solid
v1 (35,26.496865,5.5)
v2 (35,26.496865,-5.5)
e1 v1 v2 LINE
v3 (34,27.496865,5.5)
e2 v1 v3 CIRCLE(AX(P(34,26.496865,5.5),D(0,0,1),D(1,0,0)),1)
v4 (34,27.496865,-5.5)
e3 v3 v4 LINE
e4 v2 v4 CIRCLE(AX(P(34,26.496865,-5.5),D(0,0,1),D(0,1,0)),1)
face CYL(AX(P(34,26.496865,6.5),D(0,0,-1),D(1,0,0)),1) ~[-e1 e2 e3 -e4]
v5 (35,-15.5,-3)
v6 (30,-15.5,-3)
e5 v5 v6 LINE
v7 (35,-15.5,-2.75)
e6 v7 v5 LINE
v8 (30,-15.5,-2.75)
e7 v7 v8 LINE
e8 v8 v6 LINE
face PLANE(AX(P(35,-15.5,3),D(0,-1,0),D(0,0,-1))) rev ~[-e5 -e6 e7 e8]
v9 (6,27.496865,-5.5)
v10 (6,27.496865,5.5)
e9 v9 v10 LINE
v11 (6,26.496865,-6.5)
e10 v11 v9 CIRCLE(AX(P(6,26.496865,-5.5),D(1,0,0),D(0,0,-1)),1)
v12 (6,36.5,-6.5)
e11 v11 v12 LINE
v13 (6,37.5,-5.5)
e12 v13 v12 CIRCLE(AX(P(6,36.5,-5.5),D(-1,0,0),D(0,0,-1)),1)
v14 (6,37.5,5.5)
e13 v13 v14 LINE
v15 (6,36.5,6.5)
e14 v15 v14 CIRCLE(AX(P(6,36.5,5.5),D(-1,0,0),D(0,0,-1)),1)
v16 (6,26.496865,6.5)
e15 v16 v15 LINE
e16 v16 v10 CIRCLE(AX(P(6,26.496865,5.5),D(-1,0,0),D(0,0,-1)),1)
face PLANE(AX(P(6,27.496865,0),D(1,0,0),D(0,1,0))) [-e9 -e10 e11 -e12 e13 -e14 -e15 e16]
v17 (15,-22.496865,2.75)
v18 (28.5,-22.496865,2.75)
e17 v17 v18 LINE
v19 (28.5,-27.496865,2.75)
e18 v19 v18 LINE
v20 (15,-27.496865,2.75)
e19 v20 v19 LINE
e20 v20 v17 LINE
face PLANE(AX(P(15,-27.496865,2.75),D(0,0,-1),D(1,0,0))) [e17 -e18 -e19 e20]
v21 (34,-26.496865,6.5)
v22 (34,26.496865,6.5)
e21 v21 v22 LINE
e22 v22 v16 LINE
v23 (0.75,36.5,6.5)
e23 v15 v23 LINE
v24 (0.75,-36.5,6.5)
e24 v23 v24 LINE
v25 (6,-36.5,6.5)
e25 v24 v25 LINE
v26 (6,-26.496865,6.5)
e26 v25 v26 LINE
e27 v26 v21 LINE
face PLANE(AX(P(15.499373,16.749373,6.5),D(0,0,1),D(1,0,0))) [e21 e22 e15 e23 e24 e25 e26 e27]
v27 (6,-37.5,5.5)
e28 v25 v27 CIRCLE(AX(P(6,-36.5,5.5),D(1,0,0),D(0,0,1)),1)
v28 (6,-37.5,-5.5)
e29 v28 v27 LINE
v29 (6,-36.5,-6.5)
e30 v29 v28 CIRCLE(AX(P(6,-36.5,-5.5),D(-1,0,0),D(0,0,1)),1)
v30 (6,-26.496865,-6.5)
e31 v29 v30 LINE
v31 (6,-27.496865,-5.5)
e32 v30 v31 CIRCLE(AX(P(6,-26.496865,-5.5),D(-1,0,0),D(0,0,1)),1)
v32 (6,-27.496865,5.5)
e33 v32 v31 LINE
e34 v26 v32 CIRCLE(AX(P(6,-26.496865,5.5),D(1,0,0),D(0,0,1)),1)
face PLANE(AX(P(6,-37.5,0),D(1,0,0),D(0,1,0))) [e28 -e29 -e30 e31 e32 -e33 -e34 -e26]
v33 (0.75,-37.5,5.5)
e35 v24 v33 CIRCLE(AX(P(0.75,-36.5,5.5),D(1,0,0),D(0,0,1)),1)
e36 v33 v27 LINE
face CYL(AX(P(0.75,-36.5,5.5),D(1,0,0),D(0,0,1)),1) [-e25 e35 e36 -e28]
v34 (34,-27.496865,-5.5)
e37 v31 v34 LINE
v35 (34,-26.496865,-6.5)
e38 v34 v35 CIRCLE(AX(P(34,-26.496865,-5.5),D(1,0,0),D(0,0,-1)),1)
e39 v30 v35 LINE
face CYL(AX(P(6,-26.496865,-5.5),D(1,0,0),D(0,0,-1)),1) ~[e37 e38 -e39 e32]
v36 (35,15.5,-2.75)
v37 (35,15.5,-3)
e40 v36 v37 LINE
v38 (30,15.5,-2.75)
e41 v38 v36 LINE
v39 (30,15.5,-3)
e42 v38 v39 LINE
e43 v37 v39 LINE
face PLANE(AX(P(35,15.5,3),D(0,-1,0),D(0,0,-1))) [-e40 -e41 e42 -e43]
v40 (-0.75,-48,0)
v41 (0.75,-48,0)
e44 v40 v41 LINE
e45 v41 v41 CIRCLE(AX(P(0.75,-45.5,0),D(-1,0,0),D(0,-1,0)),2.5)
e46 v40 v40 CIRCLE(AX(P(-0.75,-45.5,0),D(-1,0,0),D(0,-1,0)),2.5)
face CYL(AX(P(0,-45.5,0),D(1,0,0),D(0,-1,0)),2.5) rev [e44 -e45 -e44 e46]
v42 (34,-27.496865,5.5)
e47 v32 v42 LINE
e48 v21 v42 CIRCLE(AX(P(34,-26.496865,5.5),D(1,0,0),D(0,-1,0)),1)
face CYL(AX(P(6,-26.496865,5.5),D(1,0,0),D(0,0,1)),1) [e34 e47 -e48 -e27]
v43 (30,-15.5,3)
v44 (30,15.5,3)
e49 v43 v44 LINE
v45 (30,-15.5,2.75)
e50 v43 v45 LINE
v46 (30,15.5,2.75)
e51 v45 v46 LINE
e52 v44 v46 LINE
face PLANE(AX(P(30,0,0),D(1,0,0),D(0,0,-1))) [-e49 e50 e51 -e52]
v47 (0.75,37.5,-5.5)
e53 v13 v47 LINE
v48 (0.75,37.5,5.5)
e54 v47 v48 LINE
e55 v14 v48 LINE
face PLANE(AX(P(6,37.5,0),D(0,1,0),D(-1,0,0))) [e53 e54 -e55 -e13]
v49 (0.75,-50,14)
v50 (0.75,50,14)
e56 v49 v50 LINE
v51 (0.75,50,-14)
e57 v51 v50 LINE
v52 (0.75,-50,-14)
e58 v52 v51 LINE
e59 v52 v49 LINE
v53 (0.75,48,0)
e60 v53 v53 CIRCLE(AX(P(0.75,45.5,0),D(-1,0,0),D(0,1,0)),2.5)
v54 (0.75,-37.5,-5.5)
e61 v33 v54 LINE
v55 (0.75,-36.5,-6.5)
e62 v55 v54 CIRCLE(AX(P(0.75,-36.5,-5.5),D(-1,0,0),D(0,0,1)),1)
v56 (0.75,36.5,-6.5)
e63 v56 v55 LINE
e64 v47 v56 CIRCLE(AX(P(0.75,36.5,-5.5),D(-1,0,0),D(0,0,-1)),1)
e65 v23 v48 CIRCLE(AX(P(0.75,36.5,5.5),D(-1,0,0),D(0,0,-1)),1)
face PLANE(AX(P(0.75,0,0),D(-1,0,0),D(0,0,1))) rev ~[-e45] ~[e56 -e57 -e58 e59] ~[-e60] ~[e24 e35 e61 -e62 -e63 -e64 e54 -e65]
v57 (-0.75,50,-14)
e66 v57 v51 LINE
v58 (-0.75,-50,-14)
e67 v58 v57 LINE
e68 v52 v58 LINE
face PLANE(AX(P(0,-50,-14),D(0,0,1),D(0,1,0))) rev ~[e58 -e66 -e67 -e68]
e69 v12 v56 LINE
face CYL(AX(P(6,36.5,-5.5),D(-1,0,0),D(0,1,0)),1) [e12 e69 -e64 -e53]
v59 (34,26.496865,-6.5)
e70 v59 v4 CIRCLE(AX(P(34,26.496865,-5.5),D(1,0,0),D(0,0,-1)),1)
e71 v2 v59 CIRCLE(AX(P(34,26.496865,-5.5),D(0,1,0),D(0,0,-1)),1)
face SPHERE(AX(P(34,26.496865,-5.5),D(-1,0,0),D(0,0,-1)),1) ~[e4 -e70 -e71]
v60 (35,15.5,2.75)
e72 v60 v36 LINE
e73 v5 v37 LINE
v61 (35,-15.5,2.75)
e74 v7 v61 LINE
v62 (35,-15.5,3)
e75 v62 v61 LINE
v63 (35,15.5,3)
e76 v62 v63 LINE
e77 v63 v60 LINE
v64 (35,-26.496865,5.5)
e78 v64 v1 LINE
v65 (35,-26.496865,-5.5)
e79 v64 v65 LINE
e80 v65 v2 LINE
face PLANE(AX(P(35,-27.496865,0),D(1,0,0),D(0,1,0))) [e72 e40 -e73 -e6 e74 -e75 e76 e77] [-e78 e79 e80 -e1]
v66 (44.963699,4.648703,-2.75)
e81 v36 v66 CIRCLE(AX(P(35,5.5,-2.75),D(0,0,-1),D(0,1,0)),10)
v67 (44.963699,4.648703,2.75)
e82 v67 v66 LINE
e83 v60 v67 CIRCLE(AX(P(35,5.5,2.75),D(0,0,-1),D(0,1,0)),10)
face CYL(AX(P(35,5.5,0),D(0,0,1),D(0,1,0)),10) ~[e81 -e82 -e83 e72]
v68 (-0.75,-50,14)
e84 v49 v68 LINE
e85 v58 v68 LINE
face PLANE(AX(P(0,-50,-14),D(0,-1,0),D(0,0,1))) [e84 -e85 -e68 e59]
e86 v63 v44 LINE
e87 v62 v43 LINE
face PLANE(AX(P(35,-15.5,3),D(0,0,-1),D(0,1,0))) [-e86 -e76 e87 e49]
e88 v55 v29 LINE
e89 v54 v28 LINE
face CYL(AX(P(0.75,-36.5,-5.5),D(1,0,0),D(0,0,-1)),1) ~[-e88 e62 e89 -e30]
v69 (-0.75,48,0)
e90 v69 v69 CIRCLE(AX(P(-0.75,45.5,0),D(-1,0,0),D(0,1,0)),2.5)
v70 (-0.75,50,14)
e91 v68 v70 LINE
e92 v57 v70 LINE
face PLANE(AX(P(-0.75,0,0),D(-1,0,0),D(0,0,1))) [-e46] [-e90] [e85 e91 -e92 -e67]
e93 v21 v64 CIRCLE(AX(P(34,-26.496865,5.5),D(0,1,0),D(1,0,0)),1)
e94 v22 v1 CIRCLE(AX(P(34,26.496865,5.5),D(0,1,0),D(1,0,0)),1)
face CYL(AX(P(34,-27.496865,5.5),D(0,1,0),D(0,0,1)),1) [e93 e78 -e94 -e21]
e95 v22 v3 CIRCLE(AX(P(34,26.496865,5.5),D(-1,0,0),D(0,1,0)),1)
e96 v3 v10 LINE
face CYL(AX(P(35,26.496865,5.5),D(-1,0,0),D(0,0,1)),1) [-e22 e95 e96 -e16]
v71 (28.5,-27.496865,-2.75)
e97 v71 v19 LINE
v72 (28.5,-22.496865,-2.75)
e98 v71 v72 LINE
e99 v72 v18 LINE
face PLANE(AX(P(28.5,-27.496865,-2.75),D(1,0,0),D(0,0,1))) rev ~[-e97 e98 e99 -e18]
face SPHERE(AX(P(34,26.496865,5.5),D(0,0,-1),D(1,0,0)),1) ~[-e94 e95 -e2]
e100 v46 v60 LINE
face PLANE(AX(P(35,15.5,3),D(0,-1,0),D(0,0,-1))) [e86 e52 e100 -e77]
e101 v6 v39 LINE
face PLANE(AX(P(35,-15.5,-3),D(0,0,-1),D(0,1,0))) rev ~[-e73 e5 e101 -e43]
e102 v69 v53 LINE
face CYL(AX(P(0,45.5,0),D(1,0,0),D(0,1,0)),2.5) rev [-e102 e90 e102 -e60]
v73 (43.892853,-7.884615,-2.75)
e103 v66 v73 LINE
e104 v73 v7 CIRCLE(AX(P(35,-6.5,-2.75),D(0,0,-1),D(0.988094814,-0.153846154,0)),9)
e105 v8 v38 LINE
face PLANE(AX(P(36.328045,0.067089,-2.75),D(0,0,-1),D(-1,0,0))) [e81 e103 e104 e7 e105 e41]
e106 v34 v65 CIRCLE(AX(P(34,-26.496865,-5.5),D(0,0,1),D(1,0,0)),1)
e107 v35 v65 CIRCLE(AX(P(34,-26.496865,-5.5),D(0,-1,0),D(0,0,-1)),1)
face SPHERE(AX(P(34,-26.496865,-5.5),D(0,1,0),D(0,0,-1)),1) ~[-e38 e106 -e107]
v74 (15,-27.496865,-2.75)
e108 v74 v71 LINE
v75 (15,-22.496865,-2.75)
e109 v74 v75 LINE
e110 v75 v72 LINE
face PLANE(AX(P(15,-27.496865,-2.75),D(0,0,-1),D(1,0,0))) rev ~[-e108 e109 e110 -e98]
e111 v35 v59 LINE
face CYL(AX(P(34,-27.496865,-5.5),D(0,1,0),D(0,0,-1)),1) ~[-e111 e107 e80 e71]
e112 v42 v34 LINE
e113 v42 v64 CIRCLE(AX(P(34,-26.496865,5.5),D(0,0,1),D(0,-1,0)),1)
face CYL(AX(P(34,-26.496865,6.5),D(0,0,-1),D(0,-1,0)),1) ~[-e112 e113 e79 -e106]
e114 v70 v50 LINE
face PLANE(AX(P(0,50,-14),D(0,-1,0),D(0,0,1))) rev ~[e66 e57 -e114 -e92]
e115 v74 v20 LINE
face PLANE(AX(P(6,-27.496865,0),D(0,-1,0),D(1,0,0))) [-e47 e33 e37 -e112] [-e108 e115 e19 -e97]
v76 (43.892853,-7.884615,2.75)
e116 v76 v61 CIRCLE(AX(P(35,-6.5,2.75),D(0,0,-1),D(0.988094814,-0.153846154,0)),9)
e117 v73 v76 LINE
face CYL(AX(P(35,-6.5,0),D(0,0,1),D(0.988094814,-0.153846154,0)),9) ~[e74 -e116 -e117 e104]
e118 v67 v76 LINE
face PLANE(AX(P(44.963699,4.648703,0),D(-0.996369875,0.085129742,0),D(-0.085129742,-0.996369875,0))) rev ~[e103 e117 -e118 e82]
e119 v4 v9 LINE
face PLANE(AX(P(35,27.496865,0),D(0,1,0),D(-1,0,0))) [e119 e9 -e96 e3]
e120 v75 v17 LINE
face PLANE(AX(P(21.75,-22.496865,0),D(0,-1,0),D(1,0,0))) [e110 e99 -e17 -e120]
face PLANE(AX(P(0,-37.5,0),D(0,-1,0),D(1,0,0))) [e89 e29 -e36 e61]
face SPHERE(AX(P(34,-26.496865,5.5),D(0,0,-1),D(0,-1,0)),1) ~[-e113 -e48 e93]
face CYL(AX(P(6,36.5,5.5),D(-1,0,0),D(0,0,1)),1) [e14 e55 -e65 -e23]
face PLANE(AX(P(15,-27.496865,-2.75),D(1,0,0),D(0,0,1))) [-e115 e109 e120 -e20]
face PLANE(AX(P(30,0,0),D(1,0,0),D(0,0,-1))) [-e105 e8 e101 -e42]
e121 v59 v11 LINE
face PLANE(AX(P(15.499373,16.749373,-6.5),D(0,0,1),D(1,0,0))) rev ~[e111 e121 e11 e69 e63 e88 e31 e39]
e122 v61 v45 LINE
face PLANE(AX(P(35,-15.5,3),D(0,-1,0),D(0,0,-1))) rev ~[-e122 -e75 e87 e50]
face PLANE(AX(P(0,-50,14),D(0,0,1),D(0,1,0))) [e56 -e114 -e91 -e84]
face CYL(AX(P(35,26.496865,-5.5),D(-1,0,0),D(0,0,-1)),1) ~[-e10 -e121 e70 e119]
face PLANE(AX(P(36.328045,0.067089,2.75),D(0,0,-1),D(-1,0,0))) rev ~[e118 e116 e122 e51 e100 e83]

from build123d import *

# Parameters (mm, degrees)
EXTRUDE_1_DEPTH     = 6.5
SKETCH_2_W          = 28
SKETCH_2_H          = 100
SKETCH_2_R          = 2.5
EXTRUDE_2_DEPTH     = 0.75
SKETCH_3_W          = 6
SKETCH_3_H          = 31
CUT_EXTRUDE_1_DEPTH = 5
SKETCH_4_W          = 13.5
SKETCH_4_H          = 5.5
CUT_EXTRUDE_2_DEPTH = 5
EXTRUDE_3_DEPTH     = 2.75
FILLET_1_R          = 1
FILLET_2_R          = 1


with BuildPart() as part:
    # 草图1 → 凸台-拉伸1 (new, symmetric)
    with BuildSketch(Plane.XY):
        Polygon((0, 1.01114255), (0, 0), (35, 0), (35, 27.496864511), (6, 27.496864511), (6, 37.5), (0, 37.5), align=None)
        Polygon((35, 0), (0, 0), (0, -1.01114255), (0, -37.5), (6, -37.5), (6, -27.496864511), (35, -27.496864511), align=None)
    extrude(amount=EXTRUDE_1_DEPTH, both=True)

    # 草图2 → 凸台-拉伸2 (add, symmetric)
    with BuildSketch(Plane.ZY):
        Rectangle(SKETCH_2_W, SKETCH_2_H)
        with Locations(Location((0, -45.5, 0), (0, 0, 270))):
            Circle(SKETCH_2_R, mode=Mode.SUBTRACT)
        with Locations(Location((0, 45.5, 0), (0, 0, 90))):
            Circle(SKETCH_2_R, mode=Mode.SUBTRACT)
    extrude(amount=EXTRUDE_2_DEPTH, both=True)

    # 草图3 → 切除-拉伸1 (cut)
    with BuildSketch(Plane(origin=(35, 0, 0), x_dir=(0, 0, -1), z_dir=(1, 0, 0))):
        Rectangle(SKETCH_3_W, SKETCH_3_H)
    extrude(amount=-CUT_EXTRUDE_1_DEPTH, mode=Mode.SUBTRACT)

    # 草图4 → 切除-拉伸2 (cut)
    with BuildSketch(Plane.XZ.offset(27.496864511)):
        with Locations((21.75, 0)):
            Rectangle(SKETCH_4_W, SKETCH_4_H)
    extrude(amount=-CUT_EXTRUDE_2_DEPTH, mode=Mode.SUBTRACT)

    # 草图5 → 凸台-拉伸3 (add, symmetric)
    with BuildSketch(Plane.XY):
        with BuildLine():
            Line((30, -15.5), (30, 15.5))
            Line((30, 15.5), (35, 15.5))
            ThreePointArc((35, 15.5), (42.36590029, 12.263395074), (44.963698746, 4.648702584))
            Line((44.963698746, 4.648702584), (43.892853324, -7.884615385))
            ThreePointArc((43.892853324, -7.884615385), (40.85399272, -13.335990728), (35, -15.5))
            Line((35, -15.5), (30, -15.5))
        make_face()
    extrude(amount=EXTRUDE_3_DEPTH, both=True)

    # 圆角1
    fillet_1_edges = [part.edges().sort_by_distance(p)[0] for p in [
        (3.375, -37.5, 6.5),
        (3.375, -37.5, -6.5),
        (3.375, 37.5, 6.5),
        (3.375, 37.5, -6.5),
    ]]
    fillet(fillet_1_edges, radius=FILLET_1_R)

    # 圆角2
    fillet_2_edges = [part.edges().sort_by_distance(p)[0] for p in [
        (20.5, 27.496864511, -6.5),
        (35, 0, -6.5),
        (20.5, -27.496864511, -6.5),
        (35, 27.496864511, 0),
        (35, -27.496864511, 0),
        (20.5, -27.496864511, 6.5),
        (35, 0, 6.5),
        (20.5, 27.496864511, 6.5),
    ]]
    fillet(fillet_2_edges, radius=FILLET_2_R)


solid = part.part
